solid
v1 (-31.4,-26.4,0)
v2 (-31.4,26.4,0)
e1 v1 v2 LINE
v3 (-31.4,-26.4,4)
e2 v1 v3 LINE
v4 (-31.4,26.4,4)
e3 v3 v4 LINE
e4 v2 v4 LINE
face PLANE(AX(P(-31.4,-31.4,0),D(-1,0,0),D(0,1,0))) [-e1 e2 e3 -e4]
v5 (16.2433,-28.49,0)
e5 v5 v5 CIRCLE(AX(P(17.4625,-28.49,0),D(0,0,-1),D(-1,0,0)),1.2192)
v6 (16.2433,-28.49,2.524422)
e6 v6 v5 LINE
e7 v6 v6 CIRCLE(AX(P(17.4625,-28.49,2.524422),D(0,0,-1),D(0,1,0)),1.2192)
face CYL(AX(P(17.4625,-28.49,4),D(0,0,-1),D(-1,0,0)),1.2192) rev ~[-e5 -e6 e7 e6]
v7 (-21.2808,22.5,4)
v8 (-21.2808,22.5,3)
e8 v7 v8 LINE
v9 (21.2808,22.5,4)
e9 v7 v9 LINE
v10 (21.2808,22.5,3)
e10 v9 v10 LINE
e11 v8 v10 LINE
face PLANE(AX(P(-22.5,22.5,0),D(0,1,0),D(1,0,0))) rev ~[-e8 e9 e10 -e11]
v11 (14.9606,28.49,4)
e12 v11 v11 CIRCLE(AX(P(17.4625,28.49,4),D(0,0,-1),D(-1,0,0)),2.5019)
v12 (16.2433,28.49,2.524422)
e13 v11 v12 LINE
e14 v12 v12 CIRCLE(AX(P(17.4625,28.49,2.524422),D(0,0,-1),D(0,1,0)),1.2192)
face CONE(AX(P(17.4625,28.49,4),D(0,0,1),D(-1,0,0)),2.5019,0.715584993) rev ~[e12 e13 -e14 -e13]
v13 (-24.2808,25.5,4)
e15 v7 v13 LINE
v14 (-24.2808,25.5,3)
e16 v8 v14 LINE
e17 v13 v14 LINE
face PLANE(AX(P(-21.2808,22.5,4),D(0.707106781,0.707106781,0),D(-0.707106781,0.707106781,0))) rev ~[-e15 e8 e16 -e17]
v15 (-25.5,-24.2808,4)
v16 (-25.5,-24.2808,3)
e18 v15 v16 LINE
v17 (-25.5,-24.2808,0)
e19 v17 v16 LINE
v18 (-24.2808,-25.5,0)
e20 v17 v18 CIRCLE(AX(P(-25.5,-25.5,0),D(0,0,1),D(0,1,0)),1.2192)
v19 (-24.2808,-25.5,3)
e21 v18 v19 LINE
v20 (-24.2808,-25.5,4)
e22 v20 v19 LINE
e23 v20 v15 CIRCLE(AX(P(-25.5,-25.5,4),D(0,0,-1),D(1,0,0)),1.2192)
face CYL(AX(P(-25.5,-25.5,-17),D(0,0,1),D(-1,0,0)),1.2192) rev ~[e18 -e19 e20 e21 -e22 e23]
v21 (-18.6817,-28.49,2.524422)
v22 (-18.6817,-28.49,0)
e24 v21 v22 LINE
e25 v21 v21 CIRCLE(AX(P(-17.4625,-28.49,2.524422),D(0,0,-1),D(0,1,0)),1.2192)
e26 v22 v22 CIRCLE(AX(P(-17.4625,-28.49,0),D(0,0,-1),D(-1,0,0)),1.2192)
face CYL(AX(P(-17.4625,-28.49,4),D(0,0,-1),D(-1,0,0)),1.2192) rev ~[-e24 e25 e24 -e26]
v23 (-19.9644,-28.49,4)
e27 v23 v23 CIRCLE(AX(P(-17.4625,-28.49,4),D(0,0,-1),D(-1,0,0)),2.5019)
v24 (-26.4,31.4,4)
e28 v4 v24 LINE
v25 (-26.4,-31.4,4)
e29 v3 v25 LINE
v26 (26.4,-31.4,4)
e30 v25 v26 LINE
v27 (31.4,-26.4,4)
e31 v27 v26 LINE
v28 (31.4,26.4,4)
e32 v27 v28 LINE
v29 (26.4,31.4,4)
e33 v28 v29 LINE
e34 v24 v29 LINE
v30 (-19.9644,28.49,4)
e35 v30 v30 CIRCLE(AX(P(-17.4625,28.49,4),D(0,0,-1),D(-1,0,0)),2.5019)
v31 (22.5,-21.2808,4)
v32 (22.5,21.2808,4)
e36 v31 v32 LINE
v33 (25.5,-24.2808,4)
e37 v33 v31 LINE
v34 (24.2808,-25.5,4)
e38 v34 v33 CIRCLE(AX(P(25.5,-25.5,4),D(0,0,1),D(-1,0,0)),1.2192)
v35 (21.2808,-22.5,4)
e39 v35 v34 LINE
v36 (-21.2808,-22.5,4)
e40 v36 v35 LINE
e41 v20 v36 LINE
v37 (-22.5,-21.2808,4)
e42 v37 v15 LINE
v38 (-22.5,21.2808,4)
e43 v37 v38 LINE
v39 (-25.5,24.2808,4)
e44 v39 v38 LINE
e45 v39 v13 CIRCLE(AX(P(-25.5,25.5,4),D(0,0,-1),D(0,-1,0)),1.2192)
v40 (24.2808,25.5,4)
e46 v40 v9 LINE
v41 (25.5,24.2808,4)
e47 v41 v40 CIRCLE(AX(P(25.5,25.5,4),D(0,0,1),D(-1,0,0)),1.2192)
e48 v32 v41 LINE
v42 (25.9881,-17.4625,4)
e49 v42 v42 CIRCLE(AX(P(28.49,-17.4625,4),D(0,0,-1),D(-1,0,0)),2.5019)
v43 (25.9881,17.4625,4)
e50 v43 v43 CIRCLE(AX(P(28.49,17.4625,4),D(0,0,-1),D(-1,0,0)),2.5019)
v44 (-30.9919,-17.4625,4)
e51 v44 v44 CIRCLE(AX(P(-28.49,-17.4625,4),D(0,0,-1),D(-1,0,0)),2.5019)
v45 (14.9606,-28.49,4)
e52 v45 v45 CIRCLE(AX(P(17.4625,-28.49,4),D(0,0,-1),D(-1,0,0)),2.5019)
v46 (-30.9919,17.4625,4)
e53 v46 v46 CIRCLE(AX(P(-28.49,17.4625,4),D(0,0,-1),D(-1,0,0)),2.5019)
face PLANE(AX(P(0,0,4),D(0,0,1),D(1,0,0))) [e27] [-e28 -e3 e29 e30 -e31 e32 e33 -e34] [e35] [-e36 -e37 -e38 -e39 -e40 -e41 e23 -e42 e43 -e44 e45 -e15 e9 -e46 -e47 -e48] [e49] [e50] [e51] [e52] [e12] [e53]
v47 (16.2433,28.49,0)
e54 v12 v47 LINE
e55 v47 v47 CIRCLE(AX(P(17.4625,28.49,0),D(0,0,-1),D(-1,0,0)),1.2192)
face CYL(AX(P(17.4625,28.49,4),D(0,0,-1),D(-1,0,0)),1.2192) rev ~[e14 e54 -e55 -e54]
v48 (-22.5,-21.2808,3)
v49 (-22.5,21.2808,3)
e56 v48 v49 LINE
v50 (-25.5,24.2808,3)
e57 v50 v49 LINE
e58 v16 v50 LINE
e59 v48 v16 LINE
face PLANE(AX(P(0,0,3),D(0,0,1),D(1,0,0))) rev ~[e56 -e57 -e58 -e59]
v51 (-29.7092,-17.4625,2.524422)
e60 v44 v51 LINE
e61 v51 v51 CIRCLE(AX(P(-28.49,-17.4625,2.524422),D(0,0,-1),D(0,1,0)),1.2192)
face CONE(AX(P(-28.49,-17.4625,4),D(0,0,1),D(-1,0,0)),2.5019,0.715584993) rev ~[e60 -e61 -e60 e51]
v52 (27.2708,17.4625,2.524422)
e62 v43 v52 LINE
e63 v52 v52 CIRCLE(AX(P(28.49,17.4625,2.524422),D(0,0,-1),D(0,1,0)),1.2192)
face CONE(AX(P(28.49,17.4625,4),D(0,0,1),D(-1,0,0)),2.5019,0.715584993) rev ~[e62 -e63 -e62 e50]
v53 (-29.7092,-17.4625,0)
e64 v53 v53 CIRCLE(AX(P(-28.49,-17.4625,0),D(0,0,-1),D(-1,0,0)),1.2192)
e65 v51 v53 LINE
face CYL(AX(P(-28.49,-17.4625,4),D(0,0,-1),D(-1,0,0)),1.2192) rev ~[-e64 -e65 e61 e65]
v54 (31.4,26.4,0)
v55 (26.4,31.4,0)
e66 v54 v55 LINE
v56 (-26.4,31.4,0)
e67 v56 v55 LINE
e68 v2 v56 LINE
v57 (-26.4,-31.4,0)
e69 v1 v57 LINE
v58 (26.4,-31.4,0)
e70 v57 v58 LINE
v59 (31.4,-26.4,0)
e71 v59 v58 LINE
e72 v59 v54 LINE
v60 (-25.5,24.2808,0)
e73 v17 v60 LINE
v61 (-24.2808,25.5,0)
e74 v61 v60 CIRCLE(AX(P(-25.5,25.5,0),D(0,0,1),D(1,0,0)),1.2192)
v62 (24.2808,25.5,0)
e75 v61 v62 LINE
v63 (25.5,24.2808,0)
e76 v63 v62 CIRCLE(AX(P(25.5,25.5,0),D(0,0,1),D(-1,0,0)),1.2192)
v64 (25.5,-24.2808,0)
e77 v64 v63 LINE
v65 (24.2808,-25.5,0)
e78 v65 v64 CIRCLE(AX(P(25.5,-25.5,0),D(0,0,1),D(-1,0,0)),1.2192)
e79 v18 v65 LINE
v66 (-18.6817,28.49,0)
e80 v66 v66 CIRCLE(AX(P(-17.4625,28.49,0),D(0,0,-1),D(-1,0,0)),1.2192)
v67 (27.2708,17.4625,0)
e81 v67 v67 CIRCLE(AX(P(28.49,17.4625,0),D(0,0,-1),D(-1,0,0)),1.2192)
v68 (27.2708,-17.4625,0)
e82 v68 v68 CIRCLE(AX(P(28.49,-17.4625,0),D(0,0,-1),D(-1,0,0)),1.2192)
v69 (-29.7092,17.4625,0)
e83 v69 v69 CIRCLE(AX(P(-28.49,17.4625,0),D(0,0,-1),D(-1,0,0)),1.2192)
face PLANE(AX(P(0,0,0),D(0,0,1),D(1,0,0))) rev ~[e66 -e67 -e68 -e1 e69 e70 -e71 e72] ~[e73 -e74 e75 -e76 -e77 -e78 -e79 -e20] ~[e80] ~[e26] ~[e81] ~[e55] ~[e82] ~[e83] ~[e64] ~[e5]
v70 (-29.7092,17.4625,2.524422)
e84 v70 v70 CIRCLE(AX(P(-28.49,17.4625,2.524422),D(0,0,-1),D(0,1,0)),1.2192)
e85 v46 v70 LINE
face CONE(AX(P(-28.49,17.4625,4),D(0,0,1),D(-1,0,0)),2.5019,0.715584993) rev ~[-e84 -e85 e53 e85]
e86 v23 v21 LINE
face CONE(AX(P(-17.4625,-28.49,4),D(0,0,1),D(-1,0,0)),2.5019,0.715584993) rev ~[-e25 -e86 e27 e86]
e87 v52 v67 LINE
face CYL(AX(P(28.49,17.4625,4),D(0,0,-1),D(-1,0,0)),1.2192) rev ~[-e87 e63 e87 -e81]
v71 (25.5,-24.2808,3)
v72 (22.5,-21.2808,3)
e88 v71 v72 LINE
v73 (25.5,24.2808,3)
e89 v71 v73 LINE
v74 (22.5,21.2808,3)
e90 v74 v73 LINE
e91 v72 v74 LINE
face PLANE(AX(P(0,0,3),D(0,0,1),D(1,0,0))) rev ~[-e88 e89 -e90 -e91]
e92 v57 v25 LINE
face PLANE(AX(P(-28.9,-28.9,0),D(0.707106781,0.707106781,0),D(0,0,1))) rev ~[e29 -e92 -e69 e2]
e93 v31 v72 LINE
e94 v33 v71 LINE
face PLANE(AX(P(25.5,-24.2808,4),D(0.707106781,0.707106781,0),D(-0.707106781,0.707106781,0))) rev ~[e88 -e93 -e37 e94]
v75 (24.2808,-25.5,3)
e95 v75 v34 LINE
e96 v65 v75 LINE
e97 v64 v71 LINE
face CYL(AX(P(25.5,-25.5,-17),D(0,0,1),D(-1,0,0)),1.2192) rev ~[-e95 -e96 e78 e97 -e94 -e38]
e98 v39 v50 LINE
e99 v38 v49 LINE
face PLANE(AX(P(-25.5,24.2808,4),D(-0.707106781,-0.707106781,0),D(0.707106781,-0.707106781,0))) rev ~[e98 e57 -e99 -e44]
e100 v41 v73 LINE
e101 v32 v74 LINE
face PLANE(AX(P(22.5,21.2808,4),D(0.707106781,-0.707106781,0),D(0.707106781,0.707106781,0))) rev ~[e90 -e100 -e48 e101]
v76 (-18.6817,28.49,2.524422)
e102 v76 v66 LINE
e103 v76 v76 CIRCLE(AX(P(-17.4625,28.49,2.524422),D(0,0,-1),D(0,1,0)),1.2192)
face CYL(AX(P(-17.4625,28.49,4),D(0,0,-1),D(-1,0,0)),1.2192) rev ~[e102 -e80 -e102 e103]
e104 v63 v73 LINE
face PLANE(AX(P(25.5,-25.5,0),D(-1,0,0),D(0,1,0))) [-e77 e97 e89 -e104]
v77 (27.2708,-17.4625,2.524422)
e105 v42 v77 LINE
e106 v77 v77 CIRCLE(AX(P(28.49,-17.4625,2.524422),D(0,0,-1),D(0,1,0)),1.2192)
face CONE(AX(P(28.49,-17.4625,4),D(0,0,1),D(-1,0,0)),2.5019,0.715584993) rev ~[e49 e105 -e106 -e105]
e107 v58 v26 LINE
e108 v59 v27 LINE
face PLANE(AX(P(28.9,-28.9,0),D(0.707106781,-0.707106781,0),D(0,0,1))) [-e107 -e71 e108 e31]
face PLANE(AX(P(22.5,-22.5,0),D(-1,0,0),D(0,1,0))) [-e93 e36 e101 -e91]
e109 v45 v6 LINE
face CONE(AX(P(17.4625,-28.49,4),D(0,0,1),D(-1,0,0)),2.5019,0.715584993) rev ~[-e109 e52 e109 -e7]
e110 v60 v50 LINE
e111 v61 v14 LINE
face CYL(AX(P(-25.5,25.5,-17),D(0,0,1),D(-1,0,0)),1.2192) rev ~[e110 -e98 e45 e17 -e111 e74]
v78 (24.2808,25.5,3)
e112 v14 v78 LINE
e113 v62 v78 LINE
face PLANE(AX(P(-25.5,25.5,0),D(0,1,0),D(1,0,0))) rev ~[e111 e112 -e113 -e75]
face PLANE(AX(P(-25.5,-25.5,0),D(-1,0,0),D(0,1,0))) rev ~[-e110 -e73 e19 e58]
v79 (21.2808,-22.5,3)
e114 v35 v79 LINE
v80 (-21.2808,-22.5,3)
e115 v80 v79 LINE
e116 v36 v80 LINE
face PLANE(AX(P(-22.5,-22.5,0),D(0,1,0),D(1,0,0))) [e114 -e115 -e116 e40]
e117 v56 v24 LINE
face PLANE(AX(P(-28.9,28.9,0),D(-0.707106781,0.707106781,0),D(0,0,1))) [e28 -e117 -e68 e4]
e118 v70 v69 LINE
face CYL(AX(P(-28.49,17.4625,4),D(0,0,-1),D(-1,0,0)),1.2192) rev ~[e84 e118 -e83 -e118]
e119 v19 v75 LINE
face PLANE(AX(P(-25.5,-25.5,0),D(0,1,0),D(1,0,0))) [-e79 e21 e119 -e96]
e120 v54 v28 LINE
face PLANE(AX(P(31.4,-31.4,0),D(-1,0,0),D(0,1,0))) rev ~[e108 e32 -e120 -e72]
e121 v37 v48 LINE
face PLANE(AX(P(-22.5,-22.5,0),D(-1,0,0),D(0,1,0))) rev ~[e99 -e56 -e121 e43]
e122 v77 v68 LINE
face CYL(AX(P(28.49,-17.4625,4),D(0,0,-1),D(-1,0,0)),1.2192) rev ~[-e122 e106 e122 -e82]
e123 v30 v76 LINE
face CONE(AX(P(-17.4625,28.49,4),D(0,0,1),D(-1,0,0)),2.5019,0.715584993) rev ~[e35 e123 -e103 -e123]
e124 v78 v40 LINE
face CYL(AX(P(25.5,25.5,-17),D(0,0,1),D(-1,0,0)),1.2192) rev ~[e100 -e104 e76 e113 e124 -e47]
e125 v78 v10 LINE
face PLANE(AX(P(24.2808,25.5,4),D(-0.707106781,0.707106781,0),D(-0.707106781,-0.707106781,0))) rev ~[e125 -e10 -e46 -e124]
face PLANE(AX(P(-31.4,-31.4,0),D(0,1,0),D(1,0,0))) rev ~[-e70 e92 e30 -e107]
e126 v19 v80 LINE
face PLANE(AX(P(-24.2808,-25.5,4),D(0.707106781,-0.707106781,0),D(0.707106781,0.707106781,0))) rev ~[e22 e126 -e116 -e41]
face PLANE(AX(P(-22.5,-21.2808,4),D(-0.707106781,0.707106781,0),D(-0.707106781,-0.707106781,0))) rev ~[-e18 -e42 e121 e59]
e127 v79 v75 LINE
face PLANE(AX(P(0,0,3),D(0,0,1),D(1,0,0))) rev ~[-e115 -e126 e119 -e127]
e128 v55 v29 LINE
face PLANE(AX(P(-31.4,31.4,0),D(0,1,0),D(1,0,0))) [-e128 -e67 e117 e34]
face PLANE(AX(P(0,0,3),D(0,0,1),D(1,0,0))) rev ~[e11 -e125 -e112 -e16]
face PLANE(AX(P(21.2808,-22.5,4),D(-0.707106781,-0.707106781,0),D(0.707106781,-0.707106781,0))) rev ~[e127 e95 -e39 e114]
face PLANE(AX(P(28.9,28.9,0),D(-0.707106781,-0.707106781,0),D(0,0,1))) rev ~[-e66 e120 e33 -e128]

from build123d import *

# Parameters (mm, degrees)
F0_W           = 62.8
F0_H           = 62.8
F0_W_2         = 51
F0_H_2         = 51
F0_W_3         = 45
F0_H_3         = 45
F1_DEPTH       = 4
F2_DEPTH       = 3
F4_D           = 2.4384
F4_DEPTH       = 20
F4_CSINK_D     = 5.0038
F4_CSINK_ANGLE = 82
F4_TIP         = 0.7325692667
F5_D           = 2.4384
F5_DEPTH       = 20
F5_START       = 3
F5_TIP         = 0.7325692667
F7_DEPTH       = 4.001
F8_SIZE        = 5


with BuildPart() as f1:
    # F0 (on Top) → F1 (new body)
    with BuildSketch(Plane.XY):
        Rectangle(F0_W, F0_H)
        Rectangle(F0_W_2, F0_H_2, mode=Mode.SUBTRACT)
        Rectangle(F0_W_2, F0_H_2)
        Rectangle(F0_W_3, F0_H_3, mode=Mode.SUBTRACT)
    extrude(amount=F1_DEPTH)

    # F0 (on Top) → F2 (cut)
    with BuildSketch(Plane.XY):
        Rectangle(F0_W_2, F0_H_2)
        Rectangle(F0_W_3, F0_H_3, mode=Mode.SUBTRACT)
    extrude(amount=F2_DEPTH, mode=Mode.SUBTRACT)

    # F4
    with Locations(Plane.XY.offset(4)):
        with Locations((-17.4625, -28.49), (-28.49, -17.4625), (-28.49, 17.4625), (-17.4625, 28.49), (17.4625, 28.49), (28.49, 17.4625), (28.49, -17.4625), (17.4625, -28.49)):
            CounterSinkHole(F4_D / 2, F4_CSINK_D / 2, depth=F4_DEPTH, counter_sink_angle=F4_CSINK_ANGLE)
            with Locations((0, 0, -(F4_DEPTH + F4_TIP / 2))):  # 118° drill point
                Cone(0, F4_D / 2, F4_TIP, mode=Mode.SUBTRACT)

    # F5
    # its depths count from where the whole tool has entered the part; down to there all is cleared
    with Locations(Plane(origin=(0, 0, 0), x_dir=(1, 0, 0), z_dir=(0, 0, -1)).offset(-F5_START)):
        with Locations((-25.5, -25.5), (25.5, -25.5), (-25.5, 25.5), (25.5, 25.5)):
            Hole(F5_D / 2, depth=F5_DEPTH)
            with Locations((0, 0, -(F5_DEPTH + F5_TIP / 2))):  # 118° drill point
                Cone(0, F5_D / 2, F5_TIP, mode=Mode.SUBTRACT)

    # F6 (on face) → F7 (cut, through all)
    with BuildSketch(Plane.XY.offset(4)):
        with BuildLine():
            Line((-21.2808, 22.5), (-24.2808, 25.5))
            ThreePointArc((-24.2808, 25.5), (-24.6378954124, 24.6378954124), (-25.5, 24.2808))
            Line((-25.5, 24.2808), (-22.5, 21.2808))
            Line((-22.5, 21.2808), (-22.5, 22.5))
            Line((-22.5, 22.5), (-21.2808, 22.5))
        make_face()
        with BuildLine():
            Line((22.5, 21.2808), (25.5, 24.2808))
            ThreePointArc((25.5, 24.2808), (24.6378954124, 24.6378954124), (24.2808, 25.5))
            Line((24.2808, 25.5), (21.2808, 22.5))
            Line((21.2808, 22.5), (22.5, 22.5))
            Line((22.5, 22.5), (22.5, 21.2808))
        make_face()
        with BuildLine():
            ThreePointArc((-25.5, -24.2808), (-24.6378954124, -24.6378954124), (-24.2808, -25.5))
            Line((-24.2808, -25.5), (-21.2808, -22.5))
            Line((-21.2808, -22.5), (-22.5, -22.5))
            Line((-22.5, -22.5), (-22.5, -21.2808))
            Line((-22.5, -21.2808), (-25.5, -24.2808))
        make_face()
        with BuildLine():
            ThreePointArc((24.2808, -25.5), (24.6378954124, -24.6378954124), (25.5, -24.2808))
            Line((25.5, -24.2808), (22.5, -21.2808))
            Line((22.5, -21.2808), (22.5, -22.5))
            Line((22.5, -22.5), (21.2808, -22.5))
            Line((21.2808, -22.5), (24.2808, -25.5))
        make_face()
    extrude(amount=-F7_DEPTH, mode=Mode.SUBTRACT)

    # F8
    f8_edges = [f1.edges().sort_by_distance(p)[0] for p in [
        (31.4, -31.4, 2),
        (-31.4, -31.4, 2),
        (-31.4, 31.4, 2),
        (31.4, 31.4, 2),
    ]]
    chamfer(f8_edges, length=F8_SIZE)


solid = f1.part
